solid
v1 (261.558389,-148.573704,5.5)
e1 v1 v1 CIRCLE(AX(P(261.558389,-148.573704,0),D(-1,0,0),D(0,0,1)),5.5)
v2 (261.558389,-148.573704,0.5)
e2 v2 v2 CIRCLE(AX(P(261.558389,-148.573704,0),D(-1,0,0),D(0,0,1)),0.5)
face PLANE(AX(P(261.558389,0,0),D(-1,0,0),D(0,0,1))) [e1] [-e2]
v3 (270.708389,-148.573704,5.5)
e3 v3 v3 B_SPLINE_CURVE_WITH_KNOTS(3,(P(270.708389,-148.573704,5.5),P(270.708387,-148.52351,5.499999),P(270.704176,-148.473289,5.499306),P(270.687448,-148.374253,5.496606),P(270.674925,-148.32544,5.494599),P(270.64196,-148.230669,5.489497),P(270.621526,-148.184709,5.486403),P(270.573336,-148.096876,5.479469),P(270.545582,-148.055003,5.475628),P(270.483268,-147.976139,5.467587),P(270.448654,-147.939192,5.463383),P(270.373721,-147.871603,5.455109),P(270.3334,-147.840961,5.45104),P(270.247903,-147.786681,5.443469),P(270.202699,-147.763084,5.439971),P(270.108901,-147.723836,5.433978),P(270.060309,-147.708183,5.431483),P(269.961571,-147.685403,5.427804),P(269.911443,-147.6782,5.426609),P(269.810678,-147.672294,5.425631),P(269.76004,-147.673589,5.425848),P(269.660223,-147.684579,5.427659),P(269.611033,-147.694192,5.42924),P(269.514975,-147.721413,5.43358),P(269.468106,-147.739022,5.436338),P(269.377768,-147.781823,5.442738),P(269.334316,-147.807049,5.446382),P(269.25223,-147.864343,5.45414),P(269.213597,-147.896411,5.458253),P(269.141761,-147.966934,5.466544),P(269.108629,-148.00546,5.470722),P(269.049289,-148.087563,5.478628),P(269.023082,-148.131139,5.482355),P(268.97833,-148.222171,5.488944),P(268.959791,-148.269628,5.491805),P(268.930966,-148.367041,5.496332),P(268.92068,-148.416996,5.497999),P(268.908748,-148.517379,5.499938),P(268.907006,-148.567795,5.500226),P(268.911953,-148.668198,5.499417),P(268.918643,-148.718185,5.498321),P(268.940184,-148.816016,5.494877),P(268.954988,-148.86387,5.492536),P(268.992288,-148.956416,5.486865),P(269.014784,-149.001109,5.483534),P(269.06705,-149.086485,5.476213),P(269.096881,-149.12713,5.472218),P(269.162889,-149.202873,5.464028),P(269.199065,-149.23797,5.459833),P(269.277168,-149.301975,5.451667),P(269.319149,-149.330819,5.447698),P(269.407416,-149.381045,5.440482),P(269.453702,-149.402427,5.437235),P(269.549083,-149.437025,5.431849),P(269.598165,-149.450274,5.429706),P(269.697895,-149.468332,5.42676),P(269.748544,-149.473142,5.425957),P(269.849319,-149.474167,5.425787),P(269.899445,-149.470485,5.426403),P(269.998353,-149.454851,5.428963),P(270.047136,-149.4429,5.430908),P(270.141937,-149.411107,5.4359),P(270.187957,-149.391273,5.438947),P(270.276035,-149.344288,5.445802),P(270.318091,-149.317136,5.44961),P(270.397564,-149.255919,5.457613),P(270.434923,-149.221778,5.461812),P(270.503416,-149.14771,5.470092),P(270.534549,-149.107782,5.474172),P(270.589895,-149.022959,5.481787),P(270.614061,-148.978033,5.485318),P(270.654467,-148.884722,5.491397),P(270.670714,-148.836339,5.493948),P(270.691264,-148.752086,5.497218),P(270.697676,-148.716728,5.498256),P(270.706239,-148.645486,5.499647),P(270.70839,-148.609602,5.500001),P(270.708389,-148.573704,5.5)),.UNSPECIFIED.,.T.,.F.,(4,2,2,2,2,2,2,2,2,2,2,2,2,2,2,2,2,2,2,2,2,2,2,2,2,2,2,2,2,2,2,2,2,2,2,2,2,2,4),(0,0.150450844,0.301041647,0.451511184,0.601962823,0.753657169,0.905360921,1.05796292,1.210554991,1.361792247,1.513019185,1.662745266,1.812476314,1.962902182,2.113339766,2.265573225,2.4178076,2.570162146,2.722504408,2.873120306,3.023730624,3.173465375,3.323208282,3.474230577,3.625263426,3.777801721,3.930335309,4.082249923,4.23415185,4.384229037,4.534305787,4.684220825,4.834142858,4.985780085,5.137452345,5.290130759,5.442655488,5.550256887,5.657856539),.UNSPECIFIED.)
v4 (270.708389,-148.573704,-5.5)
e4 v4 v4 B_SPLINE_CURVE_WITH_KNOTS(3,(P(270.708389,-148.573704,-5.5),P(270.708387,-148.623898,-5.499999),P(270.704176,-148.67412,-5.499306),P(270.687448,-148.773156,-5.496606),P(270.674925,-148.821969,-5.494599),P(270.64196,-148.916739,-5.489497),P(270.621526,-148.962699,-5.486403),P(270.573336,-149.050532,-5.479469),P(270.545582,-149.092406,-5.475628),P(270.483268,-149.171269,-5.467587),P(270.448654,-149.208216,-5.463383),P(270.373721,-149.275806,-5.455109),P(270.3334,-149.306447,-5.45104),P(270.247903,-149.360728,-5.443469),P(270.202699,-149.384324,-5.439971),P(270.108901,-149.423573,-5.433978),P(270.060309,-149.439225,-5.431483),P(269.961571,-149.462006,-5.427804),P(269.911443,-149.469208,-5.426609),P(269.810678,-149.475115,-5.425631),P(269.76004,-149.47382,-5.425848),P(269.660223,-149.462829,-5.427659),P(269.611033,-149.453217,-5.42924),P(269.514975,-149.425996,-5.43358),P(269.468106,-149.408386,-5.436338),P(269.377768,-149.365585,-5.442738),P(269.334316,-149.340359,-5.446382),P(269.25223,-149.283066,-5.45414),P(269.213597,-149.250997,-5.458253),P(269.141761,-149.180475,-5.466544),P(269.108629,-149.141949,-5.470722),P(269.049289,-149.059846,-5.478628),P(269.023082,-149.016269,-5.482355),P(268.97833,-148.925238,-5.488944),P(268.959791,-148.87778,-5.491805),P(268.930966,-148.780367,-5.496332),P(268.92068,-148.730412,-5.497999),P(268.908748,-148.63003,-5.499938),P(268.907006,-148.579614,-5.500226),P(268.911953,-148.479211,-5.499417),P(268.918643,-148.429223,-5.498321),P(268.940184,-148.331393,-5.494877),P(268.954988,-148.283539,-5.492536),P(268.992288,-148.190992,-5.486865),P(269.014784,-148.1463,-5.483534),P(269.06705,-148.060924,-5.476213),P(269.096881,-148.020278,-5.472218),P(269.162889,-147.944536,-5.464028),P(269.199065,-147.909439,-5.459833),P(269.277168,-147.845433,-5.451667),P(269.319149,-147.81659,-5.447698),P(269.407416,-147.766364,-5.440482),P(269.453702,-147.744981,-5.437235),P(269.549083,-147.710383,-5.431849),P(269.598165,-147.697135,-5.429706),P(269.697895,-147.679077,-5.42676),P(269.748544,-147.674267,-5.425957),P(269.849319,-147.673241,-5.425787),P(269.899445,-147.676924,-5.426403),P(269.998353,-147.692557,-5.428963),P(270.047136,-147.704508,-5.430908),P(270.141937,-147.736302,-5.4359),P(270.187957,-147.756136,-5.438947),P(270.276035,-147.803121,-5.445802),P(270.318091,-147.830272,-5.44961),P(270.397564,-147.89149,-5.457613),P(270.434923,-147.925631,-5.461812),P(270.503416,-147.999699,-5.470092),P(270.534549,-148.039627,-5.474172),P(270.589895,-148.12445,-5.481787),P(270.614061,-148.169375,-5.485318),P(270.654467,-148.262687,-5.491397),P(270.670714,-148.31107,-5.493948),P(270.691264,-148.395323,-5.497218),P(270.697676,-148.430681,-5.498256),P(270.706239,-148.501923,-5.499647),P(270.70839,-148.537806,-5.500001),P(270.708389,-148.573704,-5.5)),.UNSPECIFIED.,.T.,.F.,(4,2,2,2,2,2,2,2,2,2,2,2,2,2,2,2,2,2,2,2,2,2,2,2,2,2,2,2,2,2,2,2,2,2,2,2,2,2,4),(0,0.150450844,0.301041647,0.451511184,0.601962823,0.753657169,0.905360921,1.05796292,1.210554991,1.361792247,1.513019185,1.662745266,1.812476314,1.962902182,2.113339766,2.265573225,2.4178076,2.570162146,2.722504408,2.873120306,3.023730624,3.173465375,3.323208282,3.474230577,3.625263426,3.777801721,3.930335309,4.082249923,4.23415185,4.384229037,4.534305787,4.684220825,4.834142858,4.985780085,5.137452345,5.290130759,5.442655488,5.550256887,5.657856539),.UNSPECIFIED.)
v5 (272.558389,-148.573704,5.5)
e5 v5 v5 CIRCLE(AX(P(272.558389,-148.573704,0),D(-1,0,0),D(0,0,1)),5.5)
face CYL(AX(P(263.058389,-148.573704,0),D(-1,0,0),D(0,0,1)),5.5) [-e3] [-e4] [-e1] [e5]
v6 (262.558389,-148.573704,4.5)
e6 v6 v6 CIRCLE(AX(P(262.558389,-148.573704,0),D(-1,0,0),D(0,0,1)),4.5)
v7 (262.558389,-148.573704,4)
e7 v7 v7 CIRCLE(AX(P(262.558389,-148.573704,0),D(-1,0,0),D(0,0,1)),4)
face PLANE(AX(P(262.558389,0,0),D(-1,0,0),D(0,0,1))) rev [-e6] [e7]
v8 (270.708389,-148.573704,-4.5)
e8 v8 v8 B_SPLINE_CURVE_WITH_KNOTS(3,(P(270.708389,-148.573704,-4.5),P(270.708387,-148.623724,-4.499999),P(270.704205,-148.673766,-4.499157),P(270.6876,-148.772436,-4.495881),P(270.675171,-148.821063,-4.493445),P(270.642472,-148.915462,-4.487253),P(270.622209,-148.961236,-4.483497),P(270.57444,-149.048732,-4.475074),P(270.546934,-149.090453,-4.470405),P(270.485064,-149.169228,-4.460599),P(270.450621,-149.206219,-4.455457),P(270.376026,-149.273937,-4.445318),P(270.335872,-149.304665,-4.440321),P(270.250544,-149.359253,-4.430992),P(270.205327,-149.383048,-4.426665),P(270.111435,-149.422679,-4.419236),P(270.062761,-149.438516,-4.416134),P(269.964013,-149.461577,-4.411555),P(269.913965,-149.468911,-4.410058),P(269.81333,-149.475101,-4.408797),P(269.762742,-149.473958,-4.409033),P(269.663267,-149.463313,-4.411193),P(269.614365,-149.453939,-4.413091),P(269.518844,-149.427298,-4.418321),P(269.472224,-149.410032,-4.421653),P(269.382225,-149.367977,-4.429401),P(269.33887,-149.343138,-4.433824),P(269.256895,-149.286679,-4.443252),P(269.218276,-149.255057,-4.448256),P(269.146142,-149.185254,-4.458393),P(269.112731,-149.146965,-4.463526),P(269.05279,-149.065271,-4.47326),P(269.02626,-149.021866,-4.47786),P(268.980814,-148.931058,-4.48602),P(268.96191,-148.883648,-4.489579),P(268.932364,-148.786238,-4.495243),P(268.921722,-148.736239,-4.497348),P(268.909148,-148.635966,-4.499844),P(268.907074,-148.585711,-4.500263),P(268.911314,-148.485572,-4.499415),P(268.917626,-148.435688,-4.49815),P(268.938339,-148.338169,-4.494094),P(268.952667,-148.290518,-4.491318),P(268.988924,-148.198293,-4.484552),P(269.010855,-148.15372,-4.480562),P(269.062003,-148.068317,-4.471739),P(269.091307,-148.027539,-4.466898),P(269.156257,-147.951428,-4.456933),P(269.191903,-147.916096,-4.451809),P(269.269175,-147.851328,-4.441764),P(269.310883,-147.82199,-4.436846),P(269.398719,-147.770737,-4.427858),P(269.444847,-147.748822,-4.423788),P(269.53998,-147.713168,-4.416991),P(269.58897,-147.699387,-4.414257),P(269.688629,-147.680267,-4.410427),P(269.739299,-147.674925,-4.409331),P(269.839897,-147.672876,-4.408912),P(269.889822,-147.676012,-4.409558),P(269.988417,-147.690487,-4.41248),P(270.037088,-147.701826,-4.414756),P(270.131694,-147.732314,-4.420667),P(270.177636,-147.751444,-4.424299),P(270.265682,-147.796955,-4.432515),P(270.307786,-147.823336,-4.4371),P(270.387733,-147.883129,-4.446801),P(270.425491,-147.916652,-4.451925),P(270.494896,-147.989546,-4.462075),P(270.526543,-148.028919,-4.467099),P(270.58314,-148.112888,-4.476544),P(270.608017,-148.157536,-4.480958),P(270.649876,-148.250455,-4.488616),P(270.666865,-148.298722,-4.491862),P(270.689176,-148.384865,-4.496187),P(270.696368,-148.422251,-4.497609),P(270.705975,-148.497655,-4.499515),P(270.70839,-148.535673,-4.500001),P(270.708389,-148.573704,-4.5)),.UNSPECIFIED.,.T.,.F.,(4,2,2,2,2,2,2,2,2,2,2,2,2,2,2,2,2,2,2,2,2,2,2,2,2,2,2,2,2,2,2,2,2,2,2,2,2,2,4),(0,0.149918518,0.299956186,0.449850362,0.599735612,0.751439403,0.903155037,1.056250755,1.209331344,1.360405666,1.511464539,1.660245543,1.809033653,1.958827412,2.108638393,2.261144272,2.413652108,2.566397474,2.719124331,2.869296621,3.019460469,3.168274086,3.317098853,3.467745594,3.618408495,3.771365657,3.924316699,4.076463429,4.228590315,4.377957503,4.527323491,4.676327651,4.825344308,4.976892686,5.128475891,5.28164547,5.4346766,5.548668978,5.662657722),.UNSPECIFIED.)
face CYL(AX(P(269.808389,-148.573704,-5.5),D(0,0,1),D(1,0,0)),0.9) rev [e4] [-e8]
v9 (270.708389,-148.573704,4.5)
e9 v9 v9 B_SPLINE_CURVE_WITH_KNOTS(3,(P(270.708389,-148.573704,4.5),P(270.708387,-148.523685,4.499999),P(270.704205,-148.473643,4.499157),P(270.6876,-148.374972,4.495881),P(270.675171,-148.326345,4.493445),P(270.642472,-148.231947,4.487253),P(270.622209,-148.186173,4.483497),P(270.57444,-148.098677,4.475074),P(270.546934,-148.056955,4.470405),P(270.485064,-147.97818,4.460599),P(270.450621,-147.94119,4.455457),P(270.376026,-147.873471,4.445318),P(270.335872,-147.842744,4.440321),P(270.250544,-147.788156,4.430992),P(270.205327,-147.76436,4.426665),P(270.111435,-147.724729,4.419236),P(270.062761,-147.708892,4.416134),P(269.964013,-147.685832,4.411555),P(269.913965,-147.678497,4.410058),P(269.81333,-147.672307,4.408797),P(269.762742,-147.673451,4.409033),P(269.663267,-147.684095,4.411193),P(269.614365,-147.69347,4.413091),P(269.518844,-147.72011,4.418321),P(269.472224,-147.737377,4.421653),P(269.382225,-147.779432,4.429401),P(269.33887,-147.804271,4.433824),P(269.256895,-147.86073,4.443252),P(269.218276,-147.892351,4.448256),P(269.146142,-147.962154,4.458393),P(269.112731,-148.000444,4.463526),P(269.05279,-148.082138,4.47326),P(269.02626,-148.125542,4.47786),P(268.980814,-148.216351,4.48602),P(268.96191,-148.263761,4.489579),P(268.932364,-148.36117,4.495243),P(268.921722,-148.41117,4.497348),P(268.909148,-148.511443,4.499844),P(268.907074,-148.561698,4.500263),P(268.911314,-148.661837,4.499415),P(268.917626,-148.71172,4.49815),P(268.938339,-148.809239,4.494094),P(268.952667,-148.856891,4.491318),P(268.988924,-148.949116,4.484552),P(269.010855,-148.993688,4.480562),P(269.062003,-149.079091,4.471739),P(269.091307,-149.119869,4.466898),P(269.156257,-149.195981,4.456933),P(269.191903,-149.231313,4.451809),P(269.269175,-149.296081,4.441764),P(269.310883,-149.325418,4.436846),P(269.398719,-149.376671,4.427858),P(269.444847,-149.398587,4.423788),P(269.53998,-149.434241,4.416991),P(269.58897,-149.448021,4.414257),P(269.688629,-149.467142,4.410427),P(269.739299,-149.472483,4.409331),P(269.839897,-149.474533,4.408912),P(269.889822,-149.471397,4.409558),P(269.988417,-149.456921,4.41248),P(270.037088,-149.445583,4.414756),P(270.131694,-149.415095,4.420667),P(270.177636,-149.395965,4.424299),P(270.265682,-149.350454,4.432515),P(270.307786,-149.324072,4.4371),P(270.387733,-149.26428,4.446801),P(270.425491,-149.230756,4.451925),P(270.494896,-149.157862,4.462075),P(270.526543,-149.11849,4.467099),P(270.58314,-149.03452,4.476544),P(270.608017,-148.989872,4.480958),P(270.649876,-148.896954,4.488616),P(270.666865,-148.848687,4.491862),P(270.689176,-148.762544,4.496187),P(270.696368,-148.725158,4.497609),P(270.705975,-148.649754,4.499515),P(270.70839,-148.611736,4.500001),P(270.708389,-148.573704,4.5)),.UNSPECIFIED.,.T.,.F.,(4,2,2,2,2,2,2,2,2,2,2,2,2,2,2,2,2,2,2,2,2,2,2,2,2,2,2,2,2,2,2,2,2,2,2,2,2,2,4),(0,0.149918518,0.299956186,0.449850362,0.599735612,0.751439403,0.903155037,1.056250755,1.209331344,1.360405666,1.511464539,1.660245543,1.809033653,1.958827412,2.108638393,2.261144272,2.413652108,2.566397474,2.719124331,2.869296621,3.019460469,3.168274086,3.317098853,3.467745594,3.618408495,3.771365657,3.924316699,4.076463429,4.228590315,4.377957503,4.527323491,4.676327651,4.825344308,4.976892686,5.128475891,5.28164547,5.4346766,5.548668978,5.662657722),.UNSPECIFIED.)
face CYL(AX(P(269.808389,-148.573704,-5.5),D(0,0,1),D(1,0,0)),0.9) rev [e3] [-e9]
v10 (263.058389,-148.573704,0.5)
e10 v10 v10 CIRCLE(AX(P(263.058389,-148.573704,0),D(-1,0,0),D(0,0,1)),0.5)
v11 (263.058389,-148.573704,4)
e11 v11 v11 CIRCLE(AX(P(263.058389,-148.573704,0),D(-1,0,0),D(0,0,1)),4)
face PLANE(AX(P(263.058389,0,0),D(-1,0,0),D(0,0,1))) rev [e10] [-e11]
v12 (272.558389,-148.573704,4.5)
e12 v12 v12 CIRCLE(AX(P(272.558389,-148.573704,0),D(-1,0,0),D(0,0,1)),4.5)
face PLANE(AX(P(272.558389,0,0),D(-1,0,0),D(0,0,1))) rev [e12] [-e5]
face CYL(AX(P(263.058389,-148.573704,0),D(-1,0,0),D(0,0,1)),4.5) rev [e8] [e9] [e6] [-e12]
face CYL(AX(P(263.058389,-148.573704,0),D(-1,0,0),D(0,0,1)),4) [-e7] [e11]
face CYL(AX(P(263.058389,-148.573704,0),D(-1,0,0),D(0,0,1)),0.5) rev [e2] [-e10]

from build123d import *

# Parameters (mm, degrees)
SKETCH5_R               = 0.9
CUT_EXTRUDE2_DEPTH      = 6.5
CUT_EXTRUDE2_DEPTH_BACK = 6.5


with BuildPart() as part:
    # Sketch3 → Revolve19 (revolve)
    with BuildSketch(Plane.XY):
        Polygon((262.558388758, -144.573704322), (262.558388758, -144.073704322), (272.558388758, -144.073704322), (272.558388758, -143.073704322), (261.558388758, -143.073704322), (261.558388758, -144.323704322), (261.558388758, -148.073704322), (263.058388758, -148.073704322), (263.058388758, -144.573704322), align=None)
    revolve(axis=Axis((263.058388758, -148.573704322, 0), (1, 0, 0)))

    # Sketch5 → Cut-Extrude2 (cut, two sides)
    with BuildSketch(Plane.XY) as cut_extrude2_sk:
        with Locations((269.808388758, -148.573704322)):
            Circle(SKETCH5_R)
    extrude(amount=CUT_EXTRUDE2_DEPTH, mode=Mode.SUBTRACT)
    extrude(cut_extrude2_sk.sketch, amount=-CUT_EXTRUDE2_DEPTH_BACK, mode=Mode.SUBTRACT)


solid = part.part
